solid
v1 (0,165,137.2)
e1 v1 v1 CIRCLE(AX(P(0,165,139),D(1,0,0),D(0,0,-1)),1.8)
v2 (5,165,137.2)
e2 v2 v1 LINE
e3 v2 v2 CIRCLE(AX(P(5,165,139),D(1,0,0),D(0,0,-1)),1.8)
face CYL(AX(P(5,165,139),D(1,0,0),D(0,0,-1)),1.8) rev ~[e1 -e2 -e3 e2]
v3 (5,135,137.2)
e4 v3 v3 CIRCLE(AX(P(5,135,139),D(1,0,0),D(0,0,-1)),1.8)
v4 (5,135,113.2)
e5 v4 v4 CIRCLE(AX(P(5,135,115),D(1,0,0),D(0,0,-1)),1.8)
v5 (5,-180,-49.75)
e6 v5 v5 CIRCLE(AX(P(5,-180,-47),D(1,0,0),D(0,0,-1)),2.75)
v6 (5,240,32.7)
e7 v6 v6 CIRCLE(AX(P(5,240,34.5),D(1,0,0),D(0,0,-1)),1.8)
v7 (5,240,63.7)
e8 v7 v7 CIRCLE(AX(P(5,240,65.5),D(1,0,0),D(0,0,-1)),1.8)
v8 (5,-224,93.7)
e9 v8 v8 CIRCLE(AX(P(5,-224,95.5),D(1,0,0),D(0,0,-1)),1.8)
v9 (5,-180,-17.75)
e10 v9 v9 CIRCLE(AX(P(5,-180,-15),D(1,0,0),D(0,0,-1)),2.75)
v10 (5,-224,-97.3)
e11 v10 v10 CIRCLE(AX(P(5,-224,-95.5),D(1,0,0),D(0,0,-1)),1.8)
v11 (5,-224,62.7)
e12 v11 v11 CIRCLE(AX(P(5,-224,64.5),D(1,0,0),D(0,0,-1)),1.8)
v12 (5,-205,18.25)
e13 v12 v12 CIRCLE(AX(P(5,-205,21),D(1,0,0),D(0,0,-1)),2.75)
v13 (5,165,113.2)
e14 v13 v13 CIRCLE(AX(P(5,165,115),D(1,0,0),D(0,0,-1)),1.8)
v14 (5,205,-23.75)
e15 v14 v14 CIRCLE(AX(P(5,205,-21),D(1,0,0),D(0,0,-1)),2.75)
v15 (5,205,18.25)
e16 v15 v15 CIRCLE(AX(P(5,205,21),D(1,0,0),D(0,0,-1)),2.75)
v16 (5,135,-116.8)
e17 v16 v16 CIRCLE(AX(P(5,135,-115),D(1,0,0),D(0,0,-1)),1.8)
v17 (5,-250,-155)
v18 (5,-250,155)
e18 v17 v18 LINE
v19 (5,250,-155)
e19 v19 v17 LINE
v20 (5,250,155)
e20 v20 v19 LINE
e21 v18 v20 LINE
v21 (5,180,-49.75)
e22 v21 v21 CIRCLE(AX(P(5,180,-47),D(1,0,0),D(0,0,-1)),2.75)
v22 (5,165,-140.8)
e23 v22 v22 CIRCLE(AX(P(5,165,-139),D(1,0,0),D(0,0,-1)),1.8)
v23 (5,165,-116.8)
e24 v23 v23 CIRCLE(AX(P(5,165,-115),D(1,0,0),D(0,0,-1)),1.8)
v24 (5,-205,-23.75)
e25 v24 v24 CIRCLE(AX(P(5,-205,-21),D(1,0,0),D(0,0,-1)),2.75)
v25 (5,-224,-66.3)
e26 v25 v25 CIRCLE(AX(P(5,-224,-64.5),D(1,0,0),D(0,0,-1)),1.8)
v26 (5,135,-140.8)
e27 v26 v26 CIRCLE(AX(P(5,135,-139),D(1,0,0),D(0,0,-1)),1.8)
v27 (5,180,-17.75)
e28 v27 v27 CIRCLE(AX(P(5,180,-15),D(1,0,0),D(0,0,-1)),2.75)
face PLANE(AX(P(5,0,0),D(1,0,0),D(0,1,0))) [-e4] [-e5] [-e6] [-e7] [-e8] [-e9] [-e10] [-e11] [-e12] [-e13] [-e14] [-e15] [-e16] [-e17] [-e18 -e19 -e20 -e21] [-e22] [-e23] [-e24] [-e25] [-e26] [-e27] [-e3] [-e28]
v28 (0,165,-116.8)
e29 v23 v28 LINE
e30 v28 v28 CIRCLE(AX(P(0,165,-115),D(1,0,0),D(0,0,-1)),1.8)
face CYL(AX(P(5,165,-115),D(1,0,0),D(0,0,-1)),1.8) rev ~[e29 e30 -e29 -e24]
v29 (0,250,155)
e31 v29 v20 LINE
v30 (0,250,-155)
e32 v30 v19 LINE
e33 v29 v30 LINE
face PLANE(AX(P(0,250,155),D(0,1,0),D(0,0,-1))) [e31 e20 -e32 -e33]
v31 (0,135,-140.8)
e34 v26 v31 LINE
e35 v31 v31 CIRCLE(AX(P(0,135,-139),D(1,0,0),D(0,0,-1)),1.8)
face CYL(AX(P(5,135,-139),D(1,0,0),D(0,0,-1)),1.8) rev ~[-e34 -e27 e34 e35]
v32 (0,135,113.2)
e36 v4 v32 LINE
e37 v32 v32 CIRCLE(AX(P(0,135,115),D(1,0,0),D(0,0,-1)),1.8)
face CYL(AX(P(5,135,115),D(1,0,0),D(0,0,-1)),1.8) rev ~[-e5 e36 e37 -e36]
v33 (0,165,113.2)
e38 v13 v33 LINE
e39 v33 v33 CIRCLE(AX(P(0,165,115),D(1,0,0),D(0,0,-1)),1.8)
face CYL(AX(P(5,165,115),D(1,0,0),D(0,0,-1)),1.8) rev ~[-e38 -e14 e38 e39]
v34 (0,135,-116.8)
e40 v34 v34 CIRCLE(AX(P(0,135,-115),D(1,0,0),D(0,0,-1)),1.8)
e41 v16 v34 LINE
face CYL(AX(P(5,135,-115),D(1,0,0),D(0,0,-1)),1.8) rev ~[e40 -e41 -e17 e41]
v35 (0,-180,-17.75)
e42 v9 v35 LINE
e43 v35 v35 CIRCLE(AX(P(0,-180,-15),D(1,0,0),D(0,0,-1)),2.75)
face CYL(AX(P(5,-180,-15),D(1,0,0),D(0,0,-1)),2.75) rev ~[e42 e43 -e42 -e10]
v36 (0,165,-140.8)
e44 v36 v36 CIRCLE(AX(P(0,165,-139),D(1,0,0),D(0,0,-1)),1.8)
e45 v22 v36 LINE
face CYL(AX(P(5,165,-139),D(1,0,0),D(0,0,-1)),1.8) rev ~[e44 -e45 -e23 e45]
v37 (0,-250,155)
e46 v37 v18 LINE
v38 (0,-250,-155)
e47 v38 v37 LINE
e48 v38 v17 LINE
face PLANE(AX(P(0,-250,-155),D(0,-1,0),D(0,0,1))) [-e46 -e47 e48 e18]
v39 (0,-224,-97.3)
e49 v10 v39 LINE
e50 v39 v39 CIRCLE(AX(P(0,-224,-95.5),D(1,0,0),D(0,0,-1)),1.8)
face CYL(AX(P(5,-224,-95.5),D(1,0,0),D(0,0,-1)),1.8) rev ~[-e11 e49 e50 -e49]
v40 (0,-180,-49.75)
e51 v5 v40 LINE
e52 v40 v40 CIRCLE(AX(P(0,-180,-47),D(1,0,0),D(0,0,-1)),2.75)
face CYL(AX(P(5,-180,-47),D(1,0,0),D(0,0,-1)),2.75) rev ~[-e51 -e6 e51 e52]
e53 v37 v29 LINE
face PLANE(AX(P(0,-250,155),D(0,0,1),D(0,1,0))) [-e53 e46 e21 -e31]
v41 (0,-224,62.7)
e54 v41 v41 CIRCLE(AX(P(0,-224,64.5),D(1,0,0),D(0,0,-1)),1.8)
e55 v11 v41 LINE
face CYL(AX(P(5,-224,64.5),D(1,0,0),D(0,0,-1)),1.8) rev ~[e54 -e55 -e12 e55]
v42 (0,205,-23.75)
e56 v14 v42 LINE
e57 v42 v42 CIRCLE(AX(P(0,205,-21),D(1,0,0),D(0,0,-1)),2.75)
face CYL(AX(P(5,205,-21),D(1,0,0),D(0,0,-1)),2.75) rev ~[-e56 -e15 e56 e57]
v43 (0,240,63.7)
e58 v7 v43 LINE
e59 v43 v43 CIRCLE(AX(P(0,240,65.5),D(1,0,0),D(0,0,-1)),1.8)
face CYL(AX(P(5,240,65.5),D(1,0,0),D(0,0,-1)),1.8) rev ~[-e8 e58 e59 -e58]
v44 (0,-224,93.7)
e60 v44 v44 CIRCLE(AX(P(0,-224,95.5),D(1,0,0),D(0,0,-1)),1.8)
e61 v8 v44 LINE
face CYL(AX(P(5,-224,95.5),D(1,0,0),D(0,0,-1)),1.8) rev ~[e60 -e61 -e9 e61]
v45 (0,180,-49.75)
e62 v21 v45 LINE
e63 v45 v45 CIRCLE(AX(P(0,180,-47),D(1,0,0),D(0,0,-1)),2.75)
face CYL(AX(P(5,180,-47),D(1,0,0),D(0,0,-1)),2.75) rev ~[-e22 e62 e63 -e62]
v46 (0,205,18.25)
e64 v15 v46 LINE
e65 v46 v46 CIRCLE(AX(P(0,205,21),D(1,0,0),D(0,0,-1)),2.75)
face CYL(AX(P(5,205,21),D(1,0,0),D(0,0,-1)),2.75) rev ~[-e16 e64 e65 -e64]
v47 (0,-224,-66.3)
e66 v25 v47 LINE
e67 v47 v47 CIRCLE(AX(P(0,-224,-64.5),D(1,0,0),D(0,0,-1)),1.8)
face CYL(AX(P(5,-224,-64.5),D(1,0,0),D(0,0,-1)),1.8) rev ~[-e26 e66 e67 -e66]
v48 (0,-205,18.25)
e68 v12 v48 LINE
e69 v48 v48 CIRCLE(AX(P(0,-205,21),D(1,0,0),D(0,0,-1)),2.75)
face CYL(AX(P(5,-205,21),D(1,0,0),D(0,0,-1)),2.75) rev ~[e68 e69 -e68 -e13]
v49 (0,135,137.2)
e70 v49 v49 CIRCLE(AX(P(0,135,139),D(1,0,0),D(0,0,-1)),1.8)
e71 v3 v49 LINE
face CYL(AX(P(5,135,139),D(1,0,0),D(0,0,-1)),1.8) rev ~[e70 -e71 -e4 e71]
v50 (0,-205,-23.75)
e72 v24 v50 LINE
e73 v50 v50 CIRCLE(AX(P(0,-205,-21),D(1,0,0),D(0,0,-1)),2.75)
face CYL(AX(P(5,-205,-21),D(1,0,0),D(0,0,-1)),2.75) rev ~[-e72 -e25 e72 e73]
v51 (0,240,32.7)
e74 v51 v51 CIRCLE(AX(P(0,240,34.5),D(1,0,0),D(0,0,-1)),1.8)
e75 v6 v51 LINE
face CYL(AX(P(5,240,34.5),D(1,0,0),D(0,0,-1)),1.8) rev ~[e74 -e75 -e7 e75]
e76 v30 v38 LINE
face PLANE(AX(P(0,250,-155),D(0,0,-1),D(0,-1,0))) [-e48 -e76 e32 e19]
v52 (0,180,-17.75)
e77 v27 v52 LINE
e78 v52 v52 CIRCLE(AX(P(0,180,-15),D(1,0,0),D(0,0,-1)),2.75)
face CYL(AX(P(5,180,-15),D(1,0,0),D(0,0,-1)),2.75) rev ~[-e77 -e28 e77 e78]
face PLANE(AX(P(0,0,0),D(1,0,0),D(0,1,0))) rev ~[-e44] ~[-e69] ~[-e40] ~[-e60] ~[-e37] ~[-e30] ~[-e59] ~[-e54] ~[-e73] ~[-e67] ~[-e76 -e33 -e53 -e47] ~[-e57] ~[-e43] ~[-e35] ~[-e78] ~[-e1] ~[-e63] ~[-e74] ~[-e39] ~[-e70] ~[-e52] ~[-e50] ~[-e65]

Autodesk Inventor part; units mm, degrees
ref_plane "YZ Plane" through (0, 0, 0) normal (1, 0, 0) x (0, 1, 0)
ref_plane "XZ Plane" through (0, 0, 0) normal (0, 1, 0) x (-1, 0, 0)
ref_plane "XY Plane" through (0, 0, 0) normal (0, 0, 1) x (1, 0, 0)
sketch "草图1" plane through (0, 0, 0) normal (1, 0, 0) x (0, 1, 0)
  line L0 (250, -155) -> (-250, -155)
  line L1 (-250, -155) -> (-250, 155)
  line L2 (-250, 155) -> (250, 155)
  line L3 (250, 155) -> (250, -155)
  point P0 (0, 0)
  dimension "d0" = 500
  dimension "d1" = 310
extrude "拉伸1" add sketch "草图1" along normal blind 5
sketch "草图2" plane through (5, 0, 0) normal (1, 0, 0) x (0, 0, -1)
  circle A0 centre (95.5, -224) radius 1.8
  point P0 (0, 0)
  dimension "d4" = 3.6
extrude "拉伸2" cut sketch "草图2" against normal through all
sketch "草图3" plane through (5, 0, 0) normal (1, 0, 0) x (0, 0, -1)
  circle A0 centre (-95.5, -224) radius 1.8
  point P0 (0, 0)
  dimension "d7" = 3.6
extrude "拉伸3" cut sketch "草图3" against normal through all
sketch "草图4" plane through (5, 0, 0) normal (1, 0, 0) x (0, 0, -1)
  circle A0 centre (64.5, -224) radius 1.8
  point P0 (0, 0)
  dimension "d10" = 3.6
extrude "拉伸4" cut sketch "草图4" against normal through all
sketch "草图5" plane through (5, 0, 0) normal (1, 0, 0) x (0, 0, -1)
  circle A0 centre (-64.5, -224) radius 1.8
  point P0 (0, 0)
  dimension "d13" = 3.6
extrude "拉伸5" cut sketch "草图5" against normal through all
sketch "草图6" plane through (5, 0, 0) normal (1, 0, 0) x (0, 0, -1)
  circle A0 centre (21, -205) radius 2.75
  point P0 (0, 0)
  dimension "d16" = 5.5
extrude "拉伸6" cut sketch "草图6" against normal through all
sketch "草图7" plane through (5, 0, 0) normal (1, 0, 0) x (0, 0, -1)
  circle A0 centre (-21, -205) radius 2.75
  point P0 (0, 0)
  dimension "d19" = 5.5
extrude "拉伸7" cut sketch "草图7" against normal through all
sketch "草图8" plane through (5, 0, 0) normal (1, 0, 0) x (0, 0, -1)
  circle A0 centre (21, 205) radius 2.75
  point P0 (0, 0)
  dimension "d22" = 5.5
extrude "拉伸8" cut sketch "草图8" against normal through all
sketch "草图9" plane through (5, 0, 0) normal (1, 0, 0) x (0, 0, -1)
  circle A0 centre (-21, 205) radius 2.75
  point P0 (0, 0)
  dimension "d25" = 5.5
extrude "拉伸9" cut sketch "草图9" against normal through all
sketch "草图10" plane through (5, 0, 0) normal (1, 0, 0) x (0, 0, -1)
  circle A0 centre (15, 180) radius 2.75
  point P0 (0, 0)
  dimension "d28" = 5.5
extrude "拉伸10" cut sketch "草图10" against normal through all
sketch "草图11" plane through (5, 0, 0) normal (1, 0, 0) x (0, 0, -1)
  circle A0 centre (15, -180) radius 2.75
  point P0 (0, 0)
  dimension "d31" = 5.5
extrude "拉伸11" cut sketch "草图11" against normal through all
sketch "草图12" plane through (5, 0, 0) normal (1, 0, 0) x (0, 0, -1)
  circle A0 centre (47, 180) radius 2.75
  point P0 (0, 0)
  dimension "d34" = 5.5
extrude "拉伸12" cut sketch "草图12" against normal through all
sketch "草图13" plane through (5, 0, 0) normal (1, 0, 0) x (0, 0, -1)
  circle A0 centre (47, -180) radius 2.75
  point P0 (0, 0)
  dimension "d37" = 5.5
extrude "拉伸13" cut sketch "草图13" against normal through all
sketch "草图14" plane through (5, 0, 0) normal (1, 0, 0) x (0, 0, -1)
  circle A0 centre (139, 165) radius 1.8
  point P0 (0, 0)
  dimension "d40" = 3.6
extrude "拉伸14" cut sketch "草图14" against normal through all
sketch "草图15" plane through (5, 0, 0) normal (1, 0, 0) x (0, 0, -1)
  circle A0 centre (-139, 165) radius 1.8
  point P0 (0, 0)
  dimension "d43" = 3.6
extrude "拉伸15" cut sketch "草图15" against normal through all
sketch "草图16" plane through (5, 0, 0) normal (1, 0, 0) x (0, 0, -1)
  circle A0 centre (139, 135) radius 1.8
  point P0 (0, 0)
  dimension "d46" = 3.6
extrude "拉伸16" cut sketch "草图16" against normal through all
sketch "草图17" plane through (5, 0, 0) normal (1, 0, 0) x (0, 0, -1)
  circle A0 centre (-139, 135) radius 1.8
  point P0 (0, 0)
  dimension "d49" = 3.6
extrude "拉伸17" cut sketch "草图17" against normal through all
sketch "草图18" plane through (5, 0, 0) normal (1, 0, 0) x (0, 0, -1)
  circle A0 centre (115, 165) radius 1.8
  point P0 (0, 0)
  dimension "d52" = 3.6
extrude "拉伸18" cut sketch "草图18" against normal through all
sketch "草图19" plane through (5, 0, 0) normal (1, 0, 0) x (0, 0, -1)
  circle A0 centre (115, 135) radius 1.8
  point P0 (0, 0)
  dimension "d55" = 3.6
extrude "拉伸19" cut sketch "草图19" against normal through all
sketch "草图20" plane through (5, 0, 0) normal (1, 0, 0) x (0, 0, -1)
  circle A0 centre (-115, 135) radius 1.8
  point P0 (0, 0)
  dimension "d58" = 3.6
extrude "拉伸20" cut sketch "草图20" against normal through all
sketch "草图21" plane through (5, 0, 0) normal (1, 0, 0) x (0, 0, -1)
  circle A0 centre (-115, 165) radius 1.8
  point P0 (0, 0)
  dimension "d61" = 3.6
extrude "拉伸21" cut sketch "草图21" against normal through all
sketch "草图22" plane through (5, 0, 0) normal (1, 0, 0) x (0, 0, -1)
  circle A0 centre (-65.5, 240) radius 1.8
  point P0 (0, 0)
  dimension "d64" = 3.6
extrude "拉伸22" cut sketch "草图22" against normal through all
sketch "草图23" plane through (5, 0, 0) normal (1, 0, 0) x (0, 0, -1)
  circle A0 centre (-34.5, 240) radius 1.8
  point P0 (0, 0)
  dimension "d67" = 3.6
extrude "拉伸23" cut sketch "草图23" against normal through all
equation "\"折弯半径\" = 厚度"
equation "\"折弯释压宽度\" = 厚度"
equation "\"折弯释压深度\" = 0.5 * 厚度"
equation "\"拐角释压尺寸\" = 4 * 厚度"
equation "\"最小余量\" = 2 * 厚度"
equation "\"过渡半径\" = 折弯半径"
equation "\"Jacobi半径尺寸\" = 折弯半径"
equation "\"间隙大小\" = 厚度"
equation "\"厚度\" = 0.5"
properties part number "310mm板"
